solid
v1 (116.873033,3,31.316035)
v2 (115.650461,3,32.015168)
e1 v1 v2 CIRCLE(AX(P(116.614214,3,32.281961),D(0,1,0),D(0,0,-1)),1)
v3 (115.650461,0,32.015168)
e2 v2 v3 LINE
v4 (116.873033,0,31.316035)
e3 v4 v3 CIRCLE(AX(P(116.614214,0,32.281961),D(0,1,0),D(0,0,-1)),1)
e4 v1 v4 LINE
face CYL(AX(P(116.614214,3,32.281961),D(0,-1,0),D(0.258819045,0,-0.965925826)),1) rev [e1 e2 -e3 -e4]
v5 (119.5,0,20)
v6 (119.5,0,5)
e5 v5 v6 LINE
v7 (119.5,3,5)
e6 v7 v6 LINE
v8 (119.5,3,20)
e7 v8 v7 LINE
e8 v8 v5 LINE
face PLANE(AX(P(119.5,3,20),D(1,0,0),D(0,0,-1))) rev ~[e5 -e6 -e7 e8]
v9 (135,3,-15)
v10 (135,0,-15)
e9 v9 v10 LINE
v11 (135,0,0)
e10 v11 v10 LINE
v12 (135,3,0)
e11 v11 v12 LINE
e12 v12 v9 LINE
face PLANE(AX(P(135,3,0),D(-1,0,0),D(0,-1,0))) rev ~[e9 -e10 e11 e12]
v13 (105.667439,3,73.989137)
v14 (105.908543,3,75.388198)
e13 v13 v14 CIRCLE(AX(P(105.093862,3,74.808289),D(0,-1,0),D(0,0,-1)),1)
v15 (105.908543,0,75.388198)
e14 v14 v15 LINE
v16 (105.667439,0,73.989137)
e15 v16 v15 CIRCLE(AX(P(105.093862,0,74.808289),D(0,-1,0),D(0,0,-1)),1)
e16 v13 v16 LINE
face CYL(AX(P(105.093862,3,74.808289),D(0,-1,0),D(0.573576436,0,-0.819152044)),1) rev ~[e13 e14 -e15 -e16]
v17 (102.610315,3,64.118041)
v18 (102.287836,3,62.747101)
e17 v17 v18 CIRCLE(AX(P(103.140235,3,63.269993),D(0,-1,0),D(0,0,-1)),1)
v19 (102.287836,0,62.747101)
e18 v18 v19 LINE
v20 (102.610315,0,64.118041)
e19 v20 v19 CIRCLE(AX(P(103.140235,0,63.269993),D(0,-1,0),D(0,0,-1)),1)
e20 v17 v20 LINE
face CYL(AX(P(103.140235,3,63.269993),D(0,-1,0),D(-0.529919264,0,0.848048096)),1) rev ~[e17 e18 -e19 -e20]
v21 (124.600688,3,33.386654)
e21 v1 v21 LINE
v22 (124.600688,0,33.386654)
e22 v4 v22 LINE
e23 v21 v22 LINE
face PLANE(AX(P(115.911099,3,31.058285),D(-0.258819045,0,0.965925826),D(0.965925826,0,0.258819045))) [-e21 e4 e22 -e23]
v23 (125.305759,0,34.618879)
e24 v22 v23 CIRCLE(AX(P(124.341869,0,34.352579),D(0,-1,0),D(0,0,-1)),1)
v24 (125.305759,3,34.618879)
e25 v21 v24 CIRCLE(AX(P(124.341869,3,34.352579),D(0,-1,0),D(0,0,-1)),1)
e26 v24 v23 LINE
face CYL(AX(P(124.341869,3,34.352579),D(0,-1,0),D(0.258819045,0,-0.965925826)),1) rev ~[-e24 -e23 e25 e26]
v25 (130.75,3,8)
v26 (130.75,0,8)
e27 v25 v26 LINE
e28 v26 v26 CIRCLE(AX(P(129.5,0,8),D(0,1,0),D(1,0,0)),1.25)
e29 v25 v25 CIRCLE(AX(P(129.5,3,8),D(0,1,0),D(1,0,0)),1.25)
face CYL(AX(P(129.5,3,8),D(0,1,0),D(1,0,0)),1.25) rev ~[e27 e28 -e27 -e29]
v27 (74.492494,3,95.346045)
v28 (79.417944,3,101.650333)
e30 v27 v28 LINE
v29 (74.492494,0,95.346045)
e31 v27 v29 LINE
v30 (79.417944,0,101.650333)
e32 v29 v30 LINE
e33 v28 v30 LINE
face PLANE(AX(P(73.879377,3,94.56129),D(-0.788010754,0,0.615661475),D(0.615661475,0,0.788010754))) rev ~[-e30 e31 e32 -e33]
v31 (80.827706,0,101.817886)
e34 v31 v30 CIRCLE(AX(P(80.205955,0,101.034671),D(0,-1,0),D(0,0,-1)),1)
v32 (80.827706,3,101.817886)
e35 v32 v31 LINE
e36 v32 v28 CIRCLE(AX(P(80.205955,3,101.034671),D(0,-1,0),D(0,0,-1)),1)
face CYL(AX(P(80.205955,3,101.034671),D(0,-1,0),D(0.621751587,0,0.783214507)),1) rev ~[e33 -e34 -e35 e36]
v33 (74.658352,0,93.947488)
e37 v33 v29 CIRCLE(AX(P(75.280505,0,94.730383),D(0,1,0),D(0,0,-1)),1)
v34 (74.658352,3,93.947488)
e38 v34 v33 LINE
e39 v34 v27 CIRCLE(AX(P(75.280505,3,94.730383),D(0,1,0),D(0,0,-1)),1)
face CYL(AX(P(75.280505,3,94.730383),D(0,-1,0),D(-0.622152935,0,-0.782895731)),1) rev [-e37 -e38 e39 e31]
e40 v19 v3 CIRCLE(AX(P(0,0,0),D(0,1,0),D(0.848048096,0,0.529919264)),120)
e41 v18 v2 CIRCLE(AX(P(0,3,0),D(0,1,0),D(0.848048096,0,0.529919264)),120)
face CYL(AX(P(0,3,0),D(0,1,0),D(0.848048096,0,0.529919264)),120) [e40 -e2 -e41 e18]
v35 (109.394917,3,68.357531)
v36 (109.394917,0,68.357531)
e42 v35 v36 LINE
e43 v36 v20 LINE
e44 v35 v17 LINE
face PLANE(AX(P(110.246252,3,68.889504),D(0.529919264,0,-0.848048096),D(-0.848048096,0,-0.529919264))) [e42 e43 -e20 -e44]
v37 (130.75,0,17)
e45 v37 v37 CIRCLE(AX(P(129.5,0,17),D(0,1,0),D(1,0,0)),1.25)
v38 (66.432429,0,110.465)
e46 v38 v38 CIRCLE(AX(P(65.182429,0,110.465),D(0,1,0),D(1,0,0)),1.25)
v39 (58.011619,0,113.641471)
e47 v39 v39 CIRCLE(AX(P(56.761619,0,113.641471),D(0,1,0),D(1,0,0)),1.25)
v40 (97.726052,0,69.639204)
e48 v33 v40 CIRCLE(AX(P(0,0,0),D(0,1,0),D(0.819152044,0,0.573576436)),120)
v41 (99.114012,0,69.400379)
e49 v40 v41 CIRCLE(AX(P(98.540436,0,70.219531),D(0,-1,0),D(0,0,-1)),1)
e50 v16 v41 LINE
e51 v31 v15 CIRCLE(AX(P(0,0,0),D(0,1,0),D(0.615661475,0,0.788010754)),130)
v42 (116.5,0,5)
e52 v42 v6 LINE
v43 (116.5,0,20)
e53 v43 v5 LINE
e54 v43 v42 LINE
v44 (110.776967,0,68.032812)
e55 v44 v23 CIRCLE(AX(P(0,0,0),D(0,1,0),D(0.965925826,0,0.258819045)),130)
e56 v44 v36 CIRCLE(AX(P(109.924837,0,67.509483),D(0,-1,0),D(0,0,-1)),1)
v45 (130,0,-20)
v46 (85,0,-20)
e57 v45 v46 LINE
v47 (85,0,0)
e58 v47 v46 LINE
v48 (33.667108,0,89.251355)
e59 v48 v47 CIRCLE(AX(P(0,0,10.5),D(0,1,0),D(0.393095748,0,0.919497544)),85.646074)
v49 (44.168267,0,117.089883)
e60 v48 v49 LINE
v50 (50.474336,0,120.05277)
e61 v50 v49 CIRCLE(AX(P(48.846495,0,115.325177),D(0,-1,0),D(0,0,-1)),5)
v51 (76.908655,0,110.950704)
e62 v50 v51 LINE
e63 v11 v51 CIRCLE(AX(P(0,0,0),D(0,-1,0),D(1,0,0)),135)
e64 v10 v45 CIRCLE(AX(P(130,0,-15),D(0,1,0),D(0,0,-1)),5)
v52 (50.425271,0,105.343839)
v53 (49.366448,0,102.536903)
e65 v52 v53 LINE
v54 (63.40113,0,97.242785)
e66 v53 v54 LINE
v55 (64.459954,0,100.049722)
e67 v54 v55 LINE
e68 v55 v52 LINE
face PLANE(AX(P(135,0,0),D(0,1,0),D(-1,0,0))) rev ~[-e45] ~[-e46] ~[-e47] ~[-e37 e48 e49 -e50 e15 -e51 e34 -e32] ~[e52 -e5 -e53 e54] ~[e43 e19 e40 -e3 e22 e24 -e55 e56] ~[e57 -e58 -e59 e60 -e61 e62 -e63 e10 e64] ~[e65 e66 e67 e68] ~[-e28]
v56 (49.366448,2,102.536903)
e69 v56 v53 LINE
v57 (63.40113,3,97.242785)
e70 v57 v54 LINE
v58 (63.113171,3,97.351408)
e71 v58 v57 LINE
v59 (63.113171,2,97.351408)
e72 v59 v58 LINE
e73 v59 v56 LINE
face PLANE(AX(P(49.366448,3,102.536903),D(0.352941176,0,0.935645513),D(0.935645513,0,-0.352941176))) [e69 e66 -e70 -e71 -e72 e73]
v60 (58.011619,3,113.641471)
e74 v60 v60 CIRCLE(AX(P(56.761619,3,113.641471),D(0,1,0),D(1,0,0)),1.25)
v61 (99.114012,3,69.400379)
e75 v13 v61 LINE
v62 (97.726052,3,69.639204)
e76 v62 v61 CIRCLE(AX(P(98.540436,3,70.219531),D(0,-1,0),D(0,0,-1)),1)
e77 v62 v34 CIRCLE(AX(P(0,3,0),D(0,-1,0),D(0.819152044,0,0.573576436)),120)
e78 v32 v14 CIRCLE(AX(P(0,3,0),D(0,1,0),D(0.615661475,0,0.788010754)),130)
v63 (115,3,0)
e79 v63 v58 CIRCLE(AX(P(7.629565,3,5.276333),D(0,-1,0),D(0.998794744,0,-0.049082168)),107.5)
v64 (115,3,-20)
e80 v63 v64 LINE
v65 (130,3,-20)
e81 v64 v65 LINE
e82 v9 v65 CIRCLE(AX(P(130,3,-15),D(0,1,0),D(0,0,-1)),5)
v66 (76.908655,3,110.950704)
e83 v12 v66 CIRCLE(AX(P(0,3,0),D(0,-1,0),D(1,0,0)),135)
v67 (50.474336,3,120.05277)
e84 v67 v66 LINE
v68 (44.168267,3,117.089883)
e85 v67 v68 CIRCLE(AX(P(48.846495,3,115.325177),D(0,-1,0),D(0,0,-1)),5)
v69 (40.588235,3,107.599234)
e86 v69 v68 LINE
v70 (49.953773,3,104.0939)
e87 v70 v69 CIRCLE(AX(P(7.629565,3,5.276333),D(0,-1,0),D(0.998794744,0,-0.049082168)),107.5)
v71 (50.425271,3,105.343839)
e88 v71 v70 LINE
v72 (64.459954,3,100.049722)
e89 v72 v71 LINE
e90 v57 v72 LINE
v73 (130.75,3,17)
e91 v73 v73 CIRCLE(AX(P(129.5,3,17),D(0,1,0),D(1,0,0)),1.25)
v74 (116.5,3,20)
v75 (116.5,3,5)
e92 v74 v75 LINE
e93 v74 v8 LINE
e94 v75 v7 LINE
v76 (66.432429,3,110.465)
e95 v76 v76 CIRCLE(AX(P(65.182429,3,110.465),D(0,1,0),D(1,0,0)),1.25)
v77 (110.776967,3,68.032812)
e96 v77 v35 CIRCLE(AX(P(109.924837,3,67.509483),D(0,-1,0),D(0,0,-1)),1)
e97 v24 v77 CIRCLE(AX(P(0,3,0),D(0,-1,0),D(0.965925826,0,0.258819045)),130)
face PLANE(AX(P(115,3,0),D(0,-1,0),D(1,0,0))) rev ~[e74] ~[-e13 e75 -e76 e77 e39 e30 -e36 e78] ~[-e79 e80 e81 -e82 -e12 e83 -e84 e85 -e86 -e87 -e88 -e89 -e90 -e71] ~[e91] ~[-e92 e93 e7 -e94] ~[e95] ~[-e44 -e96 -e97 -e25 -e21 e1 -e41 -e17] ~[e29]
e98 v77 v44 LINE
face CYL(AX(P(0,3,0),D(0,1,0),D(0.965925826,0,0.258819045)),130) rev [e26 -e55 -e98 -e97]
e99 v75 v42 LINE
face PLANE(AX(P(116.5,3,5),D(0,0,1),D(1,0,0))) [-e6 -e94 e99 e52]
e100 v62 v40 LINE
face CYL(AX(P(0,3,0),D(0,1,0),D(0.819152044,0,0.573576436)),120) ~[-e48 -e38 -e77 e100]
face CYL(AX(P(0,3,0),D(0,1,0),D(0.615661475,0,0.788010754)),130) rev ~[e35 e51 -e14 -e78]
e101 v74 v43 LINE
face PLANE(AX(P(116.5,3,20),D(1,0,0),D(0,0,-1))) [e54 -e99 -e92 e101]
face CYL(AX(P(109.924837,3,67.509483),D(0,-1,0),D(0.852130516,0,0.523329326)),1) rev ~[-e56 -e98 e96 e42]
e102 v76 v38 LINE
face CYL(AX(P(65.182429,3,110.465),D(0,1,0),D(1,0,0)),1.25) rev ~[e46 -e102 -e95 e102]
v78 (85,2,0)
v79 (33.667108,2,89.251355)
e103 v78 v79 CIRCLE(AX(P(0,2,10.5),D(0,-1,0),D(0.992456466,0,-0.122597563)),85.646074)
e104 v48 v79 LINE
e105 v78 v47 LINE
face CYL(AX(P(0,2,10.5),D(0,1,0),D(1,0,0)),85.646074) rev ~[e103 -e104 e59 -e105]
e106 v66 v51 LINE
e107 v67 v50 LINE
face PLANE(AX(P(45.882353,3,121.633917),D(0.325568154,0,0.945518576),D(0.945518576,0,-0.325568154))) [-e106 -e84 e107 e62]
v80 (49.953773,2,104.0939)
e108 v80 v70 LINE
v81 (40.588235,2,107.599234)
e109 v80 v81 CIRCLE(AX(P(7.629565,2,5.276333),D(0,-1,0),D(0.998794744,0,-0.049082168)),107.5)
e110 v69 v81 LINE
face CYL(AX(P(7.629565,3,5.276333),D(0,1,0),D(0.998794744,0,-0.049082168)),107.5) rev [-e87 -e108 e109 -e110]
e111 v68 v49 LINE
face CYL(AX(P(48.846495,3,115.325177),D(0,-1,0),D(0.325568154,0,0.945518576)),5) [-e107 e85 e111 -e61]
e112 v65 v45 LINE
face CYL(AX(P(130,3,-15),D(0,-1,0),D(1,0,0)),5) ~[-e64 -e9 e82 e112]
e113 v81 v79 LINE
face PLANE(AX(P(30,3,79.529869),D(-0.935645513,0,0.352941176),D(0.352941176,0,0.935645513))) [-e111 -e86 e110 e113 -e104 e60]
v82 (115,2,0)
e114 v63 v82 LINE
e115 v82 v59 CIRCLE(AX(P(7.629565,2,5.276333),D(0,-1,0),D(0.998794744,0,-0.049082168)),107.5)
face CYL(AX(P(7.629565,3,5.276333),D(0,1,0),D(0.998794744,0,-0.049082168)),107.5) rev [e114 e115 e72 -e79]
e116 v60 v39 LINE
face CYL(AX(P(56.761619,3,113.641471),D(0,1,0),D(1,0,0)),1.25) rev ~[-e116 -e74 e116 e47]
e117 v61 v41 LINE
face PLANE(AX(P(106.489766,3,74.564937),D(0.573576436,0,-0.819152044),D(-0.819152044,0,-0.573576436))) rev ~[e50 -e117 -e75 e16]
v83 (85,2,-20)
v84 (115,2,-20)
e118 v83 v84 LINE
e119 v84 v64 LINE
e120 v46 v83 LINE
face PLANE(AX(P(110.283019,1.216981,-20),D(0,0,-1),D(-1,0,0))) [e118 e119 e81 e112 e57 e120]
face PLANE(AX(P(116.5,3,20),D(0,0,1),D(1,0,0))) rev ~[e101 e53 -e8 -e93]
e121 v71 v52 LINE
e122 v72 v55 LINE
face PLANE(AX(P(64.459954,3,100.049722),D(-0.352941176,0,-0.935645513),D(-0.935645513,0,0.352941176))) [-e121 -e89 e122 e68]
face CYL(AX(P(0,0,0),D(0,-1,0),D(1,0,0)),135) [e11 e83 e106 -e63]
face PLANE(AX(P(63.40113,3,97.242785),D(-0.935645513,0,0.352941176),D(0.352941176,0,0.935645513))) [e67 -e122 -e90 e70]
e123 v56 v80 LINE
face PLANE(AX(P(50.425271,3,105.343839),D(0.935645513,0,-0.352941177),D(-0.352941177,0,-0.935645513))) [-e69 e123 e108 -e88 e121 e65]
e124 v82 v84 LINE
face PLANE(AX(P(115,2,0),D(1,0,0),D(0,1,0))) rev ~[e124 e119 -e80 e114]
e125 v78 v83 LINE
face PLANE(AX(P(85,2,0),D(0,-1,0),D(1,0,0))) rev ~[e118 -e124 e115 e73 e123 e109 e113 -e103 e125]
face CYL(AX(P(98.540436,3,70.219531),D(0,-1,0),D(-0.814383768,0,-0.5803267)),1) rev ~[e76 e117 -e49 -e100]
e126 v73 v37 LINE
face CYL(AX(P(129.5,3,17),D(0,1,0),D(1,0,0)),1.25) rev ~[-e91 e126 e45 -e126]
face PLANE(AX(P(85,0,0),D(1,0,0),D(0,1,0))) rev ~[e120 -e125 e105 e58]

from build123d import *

# Parameters (mm, degrees)
EXTRUDE_2_DEPTH     = 3
CUT_EXTRUDE_1_DEPTH = 3
CUT_EXTRUDE_2_DEPTH = 3
CUT_EXTRUDE_3_DEPTH = 1
SKETCH_16_R         = 85.646074049
CUT_EXTRUDE_6_DEPTH = 10
EXTRUDE_3_DEPTH     = 20
FILLET_1_R          = 5
SKETCH_14_R         = 1.25
SKETCH_14_W         = 3
SKETCH_14_H         = 15
CUT_EXTRUDE_8_DEPTH = 10
CUT_EXTRUDE_9_DEPTH = 10
FILLET_2_R          = 1


with BuildPart() as part:
    # 草图4 → 凸台-拉伸2 (new body)
    with BuildSketch(Plane(origin=(0, 0, 0), x_dir=(1, 0, 0), z_dir=(0, 1, 0))):
        with BuildLine():
            Line((0, 0), (135, 0))
            ThreePointArc((135, 0), (95.45941546, -95.45941546), (0, -135))
            Line((0, -135), (0, 0))
        make_face()
    extrude(amount=EXTRUDE_2_DEPTH)

    # 草图6 → 切除-拉伸1 (cut)
    with BuildSketch(Plane(origin=(0, 3, 0), x_dir=(1, 0, 0), z_dir=(0, 1, 0))):
        with BuildLine():
            Line((0, 0), (85, 0))
            ThreePointArc((85, 0), (69.910657271, -48.347699015), (30, -79.529868603))
            Line((30, -79.529868603), (47.647058824, -126.312144252))
            ThreePointArc((47.647058824, -126.312144252), (24.216322244, -132.810277227), (0, -135))
            Line((0, -135), (0, -18))
            Line((0, -18), (0, 0))
        make_face()
    extrude(amount=-CUT_EXTRUDE_1_DEPTH, mode=Mode.SUBTRACT)

    # 草图8 → 切除-拉伸2 (cut)
    with BuildSketch(Plane(origin=(0, 3, 0), x_dir=(1, 0, 0), z_dir=(0, 1, 0))):
        with BuildLine():
            Line((45.882352941, -121.633916687), (76.908655449, -110.950703995))
            ThreePointArc((76.908655449, -110.950703995), (62.749700806, -119.530226507), (47.647058824, -126.312144252))
            Line((47.647058824, -126.312144252), (45.882352941, -121.633916687))
        make_face()
    extrude(amount=-CUT_EXTRUDE_2_DEPTH, mode=Mode.SUBTRACT)

    # 草图9 → 切除-拉伸3 (cut)
    with BuildSketch(Plane(origin=(0, 3, 0), x_dir=(1, 0, 0), z_dir=(0, 1, 0))):
        with BuildLine():
            Line((40.588235294, -107.599233992), (30, -79.529868603))
            ThreePointArc((30, -79.529868603), (69.910657271, -48.347699015), (85, 0))
            Line((85, 0), (115, 0))
            ThreePointArc((115, 0), (96.045984502, -66.421952411), (40.588235294, -107.599233992))
        make_face()
    extrude(amount=-CUT_EXTRUDE_3_DEPTH, mode=Mode.SUBTRACT)

    # 草图16 → 切除-拉伸6 (cut)
    with BuildSketch(Plane(origin=(0, 2, 0), x_dir=(1, 0, 0), z_dir=(0, 1, 0))):
        with Locations((0, -10.5)):
            Circle(SKETCH_16_R)
    extrude(amount=-CUT_EXTRUDE_6_DEPTH, mode=Mode.SUBTRACT)

    # 草图13 → 凸台-拉伸3 (add)
    with BuildSketch(Plane(origin=(0, 0, 0), x_dir=(-1, 0, 0), z_dir=(0, 0, -1))):
        Polygon((-135, 3), (-135, 0), (-85, 0), (-85, 2), (-115, 2), (-115, 3), align=None)
    extrude(amount=EXTRUDE_3_DEPTH)

    # 圆角1
    fillet_1_edges = [part.edges().sort_by_distance(p)[0] for p in [
        (45.882352941, 1.5, 121.633916687),
        (135, 1.5, -20),
    ]]
    fillet(fillet_1_edges, radius=FILLET_1_R)

    # 草图14 → 切除-拉伸8 (cut)
    with BuildSketch(Plane(origin=(0, 3, 0), x_dir=(1, 0, 0), z_dir=(0, 1, 0))):
        with Locations((129.5, -17)):
            Circle(SKETCH_14_R)
        with Locations((129.5, -8)):
            Circle(SKETCH_14_R)
        with Locations((56.761619346, -113.641470943)):
            Circle(SKETCH_14_R)
        with Locations((65.182428963, -110.465000355)):
            Circle(SKETCH_14_R)
        with Locations((118, -12.5)):
            Rectangle(SKETCH_14_W, SKETCH_14_H)
        Polygon((50.425271043, -105.343839343), (49.366447513, -102.536902804), (63.401130208, -97.242785157), (64.459953737, -100.049721696), align=None)
    extrude(amount=-CUT_EXTRUDE_8_DEPTH, mode=Mode.SUBTRACT)

    # 草图17 → 切除-拉伸9 (cut)
    with BuildSketch(Plane(origin=(0, 3, 0), x_dir=(1, 0, 0), z_dir=(0, 1, 0))):
        with BuildLine():
            Line((115.911099155, -31.058285412), (125.570357418, -33.646475863))
            ThreePointArc((125.570357418, -33.646475863), (119.21780967, -51.83737896), (110.2462525, -68.88950435))
            Line((110.2462525, -68.88950435), (101.765771539, -63.590311708))
            ThreePointArc((101.765771539, -63.590311708), (110.047208926, -47.849888271), (115.911099155, -31.058285412))
        make_face()
        with BuildLine():
            Line((73.879377039, -94.561290433), (80.035991792, -102.441397969))
            ThreePointArc((80.035991792, -102.441397969), (94.298668232, -89.48609484), (106.489765758, -74.564936726))
            Line((106.489765758, -74.564936726), (98.298245315, -68.829172362))
            ThreePointArc((98.298245315, -68.829172362), (87.044924521, -82.602549083), (73.879377039, -94.561290433))
        make_face()
    extrude(amount=-CUT_EXTRUDE_9_DEPTH, mode=Mode.SUBTRACT)

    # 圆角2
    fillet_2_edges = [part.edges().sort_by_distance(p)[0] for p in [
        (73.879377039, 1.5, 94.561290433),
        (98.298245315, 1.5, 68.829172362),
        (106.489765758, 1.5, 74.564936726),
        (80.035991792, 1.5, 102.441397969),
        (101.765771539, 1.5, 63.590311708),
        (115.911099155, 1.5, 31.058285412),
        (125.570357418, 1.5, 33.646475863),
        (110.2462525, 1.5, 68.88950435),
    ]]
    fillet(fillet_2_edges, radius=FILLET_2_R)


solid = part.part
